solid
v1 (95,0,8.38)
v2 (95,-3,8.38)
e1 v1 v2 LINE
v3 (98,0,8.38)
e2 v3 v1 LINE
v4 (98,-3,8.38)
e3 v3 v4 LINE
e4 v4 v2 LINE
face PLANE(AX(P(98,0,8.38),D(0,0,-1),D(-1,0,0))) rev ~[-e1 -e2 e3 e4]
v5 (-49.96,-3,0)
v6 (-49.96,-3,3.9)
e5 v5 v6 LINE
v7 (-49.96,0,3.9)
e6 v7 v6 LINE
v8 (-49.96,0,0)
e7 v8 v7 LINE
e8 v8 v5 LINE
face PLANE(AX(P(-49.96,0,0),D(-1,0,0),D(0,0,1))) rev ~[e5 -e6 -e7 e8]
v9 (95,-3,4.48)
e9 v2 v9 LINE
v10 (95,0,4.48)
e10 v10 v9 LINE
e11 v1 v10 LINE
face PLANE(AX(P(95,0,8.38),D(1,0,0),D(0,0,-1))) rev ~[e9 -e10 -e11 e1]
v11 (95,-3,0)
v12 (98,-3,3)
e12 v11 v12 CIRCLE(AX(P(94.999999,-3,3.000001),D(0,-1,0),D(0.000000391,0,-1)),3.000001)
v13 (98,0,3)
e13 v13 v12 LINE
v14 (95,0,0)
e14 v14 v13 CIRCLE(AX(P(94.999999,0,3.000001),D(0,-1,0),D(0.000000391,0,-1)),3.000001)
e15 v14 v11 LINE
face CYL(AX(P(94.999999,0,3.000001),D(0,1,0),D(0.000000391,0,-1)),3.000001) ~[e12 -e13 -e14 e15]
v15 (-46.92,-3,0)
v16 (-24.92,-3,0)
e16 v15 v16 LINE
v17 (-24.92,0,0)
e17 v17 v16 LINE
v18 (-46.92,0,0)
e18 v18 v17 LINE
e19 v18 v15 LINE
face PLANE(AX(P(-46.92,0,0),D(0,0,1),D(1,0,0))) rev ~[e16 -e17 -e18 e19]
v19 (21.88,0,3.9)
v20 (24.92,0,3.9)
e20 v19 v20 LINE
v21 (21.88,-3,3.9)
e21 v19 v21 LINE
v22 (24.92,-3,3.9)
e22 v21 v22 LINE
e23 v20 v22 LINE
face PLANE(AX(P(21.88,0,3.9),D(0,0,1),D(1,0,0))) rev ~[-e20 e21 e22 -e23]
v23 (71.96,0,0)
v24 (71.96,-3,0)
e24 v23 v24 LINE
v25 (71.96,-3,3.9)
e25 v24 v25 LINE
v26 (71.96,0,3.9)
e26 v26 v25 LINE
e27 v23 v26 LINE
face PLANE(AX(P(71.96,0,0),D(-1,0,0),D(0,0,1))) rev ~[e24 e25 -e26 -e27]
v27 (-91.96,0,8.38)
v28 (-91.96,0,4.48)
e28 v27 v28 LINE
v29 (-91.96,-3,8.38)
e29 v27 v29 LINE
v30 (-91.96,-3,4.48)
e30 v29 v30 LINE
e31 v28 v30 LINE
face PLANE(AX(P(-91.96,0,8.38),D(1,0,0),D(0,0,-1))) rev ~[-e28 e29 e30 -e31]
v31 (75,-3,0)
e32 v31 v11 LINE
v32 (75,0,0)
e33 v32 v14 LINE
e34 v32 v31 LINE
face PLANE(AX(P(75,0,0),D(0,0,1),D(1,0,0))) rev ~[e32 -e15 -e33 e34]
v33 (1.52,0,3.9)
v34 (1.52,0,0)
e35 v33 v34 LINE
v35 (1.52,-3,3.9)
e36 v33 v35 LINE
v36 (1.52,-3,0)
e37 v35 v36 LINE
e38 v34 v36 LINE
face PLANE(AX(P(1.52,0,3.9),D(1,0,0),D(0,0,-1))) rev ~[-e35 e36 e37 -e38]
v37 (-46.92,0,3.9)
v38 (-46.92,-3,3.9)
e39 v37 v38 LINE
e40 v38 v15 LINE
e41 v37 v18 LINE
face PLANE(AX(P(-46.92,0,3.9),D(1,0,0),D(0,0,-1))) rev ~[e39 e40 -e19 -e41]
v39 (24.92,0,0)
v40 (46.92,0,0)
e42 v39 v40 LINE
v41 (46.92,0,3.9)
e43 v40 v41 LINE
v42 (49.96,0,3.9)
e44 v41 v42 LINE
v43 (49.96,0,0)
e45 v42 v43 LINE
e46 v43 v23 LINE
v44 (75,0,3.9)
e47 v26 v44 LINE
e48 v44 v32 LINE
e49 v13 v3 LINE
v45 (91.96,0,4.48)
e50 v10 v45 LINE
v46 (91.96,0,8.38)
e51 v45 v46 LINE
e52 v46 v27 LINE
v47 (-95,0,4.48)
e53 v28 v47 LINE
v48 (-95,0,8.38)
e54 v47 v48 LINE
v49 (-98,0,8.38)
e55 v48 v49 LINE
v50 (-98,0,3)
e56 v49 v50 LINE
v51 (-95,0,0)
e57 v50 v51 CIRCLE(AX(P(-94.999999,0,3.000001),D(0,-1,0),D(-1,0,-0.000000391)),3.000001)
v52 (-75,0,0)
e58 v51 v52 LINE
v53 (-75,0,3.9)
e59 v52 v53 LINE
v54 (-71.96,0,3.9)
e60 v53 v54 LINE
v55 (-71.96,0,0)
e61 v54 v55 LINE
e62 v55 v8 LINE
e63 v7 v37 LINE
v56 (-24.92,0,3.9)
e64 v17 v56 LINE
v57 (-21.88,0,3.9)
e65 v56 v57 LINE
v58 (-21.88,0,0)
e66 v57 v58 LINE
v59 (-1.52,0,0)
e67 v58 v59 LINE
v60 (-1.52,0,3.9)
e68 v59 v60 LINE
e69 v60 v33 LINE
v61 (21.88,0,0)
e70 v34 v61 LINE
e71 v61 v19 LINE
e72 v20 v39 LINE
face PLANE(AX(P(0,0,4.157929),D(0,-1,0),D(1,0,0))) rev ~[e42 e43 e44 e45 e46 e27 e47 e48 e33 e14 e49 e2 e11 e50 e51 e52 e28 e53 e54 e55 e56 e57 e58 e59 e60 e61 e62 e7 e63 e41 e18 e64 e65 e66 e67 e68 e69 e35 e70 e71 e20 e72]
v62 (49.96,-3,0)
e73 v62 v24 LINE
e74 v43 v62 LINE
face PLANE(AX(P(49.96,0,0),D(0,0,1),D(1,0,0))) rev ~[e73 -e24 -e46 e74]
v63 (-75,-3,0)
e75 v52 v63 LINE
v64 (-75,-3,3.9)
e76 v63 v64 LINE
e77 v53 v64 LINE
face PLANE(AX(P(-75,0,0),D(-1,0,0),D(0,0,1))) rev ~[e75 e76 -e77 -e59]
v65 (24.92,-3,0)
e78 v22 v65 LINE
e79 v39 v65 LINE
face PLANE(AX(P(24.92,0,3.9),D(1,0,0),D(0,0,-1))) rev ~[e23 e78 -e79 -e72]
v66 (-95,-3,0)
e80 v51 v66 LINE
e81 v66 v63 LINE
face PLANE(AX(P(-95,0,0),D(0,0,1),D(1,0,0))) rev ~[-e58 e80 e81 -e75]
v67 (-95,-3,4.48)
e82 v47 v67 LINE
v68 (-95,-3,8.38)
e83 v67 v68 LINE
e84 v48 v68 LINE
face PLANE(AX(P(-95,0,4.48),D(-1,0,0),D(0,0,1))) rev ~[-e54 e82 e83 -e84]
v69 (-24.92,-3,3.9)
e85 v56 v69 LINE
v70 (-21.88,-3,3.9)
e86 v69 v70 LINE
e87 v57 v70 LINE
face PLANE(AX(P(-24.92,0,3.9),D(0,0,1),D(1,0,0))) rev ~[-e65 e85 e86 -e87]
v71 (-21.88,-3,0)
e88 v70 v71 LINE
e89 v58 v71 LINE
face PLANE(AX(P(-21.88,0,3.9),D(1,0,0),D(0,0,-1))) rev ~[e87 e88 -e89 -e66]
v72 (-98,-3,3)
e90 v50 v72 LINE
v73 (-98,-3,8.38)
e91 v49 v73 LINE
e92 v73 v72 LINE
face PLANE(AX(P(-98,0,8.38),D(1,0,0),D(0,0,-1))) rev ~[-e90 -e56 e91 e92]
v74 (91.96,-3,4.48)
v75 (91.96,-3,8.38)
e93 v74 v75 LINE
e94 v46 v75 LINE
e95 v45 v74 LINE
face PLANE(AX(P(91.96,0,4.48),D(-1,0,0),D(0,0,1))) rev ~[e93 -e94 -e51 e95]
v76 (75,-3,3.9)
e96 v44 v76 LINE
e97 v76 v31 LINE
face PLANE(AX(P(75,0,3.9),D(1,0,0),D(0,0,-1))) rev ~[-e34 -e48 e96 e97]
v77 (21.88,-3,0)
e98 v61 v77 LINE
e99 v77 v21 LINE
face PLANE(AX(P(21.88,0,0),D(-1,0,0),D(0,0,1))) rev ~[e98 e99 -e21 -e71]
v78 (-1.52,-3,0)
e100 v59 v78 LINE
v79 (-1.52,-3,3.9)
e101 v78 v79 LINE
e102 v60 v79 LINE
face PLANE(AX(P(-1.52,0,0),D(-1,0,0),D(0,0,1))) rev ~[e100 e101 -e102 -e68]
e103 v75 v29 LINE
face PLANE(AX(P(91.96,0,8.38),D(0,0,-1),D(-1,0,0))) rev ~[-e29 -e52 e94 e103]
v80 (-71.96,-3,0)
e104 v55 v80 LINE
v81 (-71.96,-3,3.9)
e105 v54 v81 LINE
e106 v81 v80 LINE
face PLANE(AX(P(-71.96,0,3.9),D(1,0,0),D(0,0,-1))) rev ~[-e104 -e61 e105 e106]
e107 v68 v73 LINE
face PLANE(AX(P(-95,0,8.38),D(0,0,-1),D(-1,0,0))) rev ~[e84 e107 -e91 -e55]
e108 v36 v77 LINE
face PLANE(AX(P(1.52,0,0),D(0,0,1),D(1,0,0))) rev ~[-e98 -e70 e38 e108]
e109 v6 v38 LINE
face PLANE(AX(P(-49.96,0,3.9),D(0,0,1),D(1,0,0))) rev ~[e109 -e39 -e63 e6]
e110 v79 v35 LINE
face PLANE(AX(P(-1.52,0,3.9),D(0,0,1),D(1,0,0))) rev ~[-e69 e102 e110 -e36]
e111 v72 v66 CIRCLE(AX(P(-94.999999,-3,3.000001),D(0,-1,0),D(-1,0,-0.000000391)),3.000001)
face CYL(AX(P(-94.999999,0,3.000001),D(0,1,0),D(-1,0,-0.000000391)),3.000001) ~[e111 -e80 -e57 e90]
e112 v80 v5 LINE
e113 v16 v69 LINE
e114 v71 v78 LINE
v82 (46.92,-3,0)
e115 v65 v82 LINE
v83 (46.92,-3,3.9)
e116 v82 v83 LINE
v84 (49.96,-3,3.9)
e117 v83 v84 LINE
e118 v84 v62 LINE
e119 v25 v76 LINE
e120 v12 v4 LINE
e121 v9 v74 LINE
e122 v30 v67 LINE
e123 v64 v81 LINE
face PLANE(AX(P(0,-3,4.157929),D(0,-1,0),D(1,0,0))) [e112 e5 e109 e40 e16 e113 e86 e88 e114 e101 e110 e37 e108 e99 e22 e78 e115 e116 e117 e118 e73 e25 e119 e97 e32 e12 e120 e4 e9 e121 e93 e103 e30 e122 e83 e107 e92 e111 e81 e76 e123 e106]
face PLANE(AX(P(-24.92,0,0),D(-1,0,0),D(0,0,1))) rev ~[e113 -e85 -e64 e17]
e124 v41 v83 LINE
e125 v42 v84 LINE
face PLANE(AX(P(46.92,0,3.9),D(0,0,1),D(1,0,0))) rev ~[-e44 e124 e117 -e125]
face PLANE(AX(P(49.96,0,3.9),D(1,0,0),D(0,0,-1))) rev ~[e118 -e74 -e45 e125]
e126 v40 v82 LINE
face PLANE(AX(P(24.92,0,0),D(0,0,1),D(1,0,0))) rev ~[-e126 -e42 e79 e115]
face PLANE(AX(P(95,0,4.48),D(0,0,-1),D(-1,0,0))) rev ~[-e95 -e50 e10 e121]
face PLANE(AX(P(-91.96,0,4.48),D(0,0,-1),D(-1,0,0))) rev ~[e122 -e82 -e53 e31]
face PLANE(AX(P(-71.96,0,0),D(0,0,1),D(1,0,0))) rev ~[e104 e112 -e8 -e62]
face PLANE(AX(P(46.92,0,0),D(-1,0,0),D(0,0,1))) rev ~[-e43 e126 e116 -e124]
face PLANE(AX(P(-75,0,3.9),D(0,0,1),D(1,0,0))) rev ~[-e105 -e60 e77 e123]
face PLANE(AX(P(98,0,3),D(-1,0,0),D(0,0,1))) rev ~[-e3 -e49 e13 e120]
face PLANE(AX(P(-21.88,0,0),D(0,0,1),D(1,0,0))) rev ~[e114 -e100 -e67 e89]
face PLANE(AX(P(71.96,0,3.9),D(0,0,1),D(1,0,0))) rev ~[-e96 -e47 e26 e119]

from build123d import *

# Parameters (mm, degrees)
F1_DEPTH = 3


with BuildPart() as f1:
    # F0 (on Front) → F1 (new body)
    with BuildSketch(Plane.XZ):
        with BuildLine():
            Line((-71.96, 3.9), (-71.96, 0))
            Line((-71.96, 0), (-49.96, 0))
            Line((-49.96, 0), (-49.96, 3.9))
            Line((-49.96, 3.9), (-46.92, 3.9))
            Line((-46.92, 3.9), (-46.92, 0))
            Line((-46.92, 0), (-24.92, 0))
            Line((-24.92, 0), (-24.92, 3.9))
            Line((-24.92, 3.9), (-21.88, 3.9))
            Line((-21.88, 3.9), (-21.88, 0))
            Line((-21.88, 0), (-1.52, 0))
            Line((-1.52, 0), (-1.52, 3.9))
            Line((-1.52, 3.9), (1.52, 3.9))
            Line((1.52, 3.9), (1.52, 0))
            Line((1.52, 0), (21.88, 0))
            Line((21.88, 0), (21.88, 3.9))
            Line((21.88, 3.9), (24.92, 3.9))
            Line((24.92, 3.9), (24.92, 0))
            Line((24.92, 0), (46.92, 0))
            Line((46.92, 0), (46.92, 3.9))
            Line((46.92, 3.9), (49.96, 3.9))
            Line((49.96, 3.9), (49.96, 0))
            Line((49.96, 0), (71.96, 0))
            Line((71.96, 0), (71.96, 3.9))
            Line((71.96, 3.9), (75, 3.9))
            Line((75, 3.9), (75, 0))
            Line((75, 0), (95, 0))
            ThreePointArc((95, 0), (97.12132, 0.87868), (98, 3))
            Line((98, 3), (98, 8.38))
            Line((98, 8.38), (95, 8.38))
            Line((95, 8.38), (95, 4.48))
            Line((95, 4.48), (91.96, 4.48))
            Line((91.96, 4.48), (91.96, 8.38))
            Line((91.96, 8.38), (-91.96, 8.38))
            Line((-91.96, 8.38), (-91.96, 4.48))
            Line((-91.96, 4.48), (-95, 4.48))
            Line((-95, 4.48), (-95, 8.38))
            Line((-95, 8.38), (-98, 8.38))
            Line((-98, 8.38), (-98, 3))
            ThreePointArc((-98, 3), (-97.12132, 0.87868), (-95, 0))
            Line((-95, 0), (-75, 0))
            Line((-75, 0), (-75, 3.9))
            Line((-75, 3.9), (-71.96, 3.9))
        make_face()
    extrude(amount=F1_DEPTH)


solid = f1.part
